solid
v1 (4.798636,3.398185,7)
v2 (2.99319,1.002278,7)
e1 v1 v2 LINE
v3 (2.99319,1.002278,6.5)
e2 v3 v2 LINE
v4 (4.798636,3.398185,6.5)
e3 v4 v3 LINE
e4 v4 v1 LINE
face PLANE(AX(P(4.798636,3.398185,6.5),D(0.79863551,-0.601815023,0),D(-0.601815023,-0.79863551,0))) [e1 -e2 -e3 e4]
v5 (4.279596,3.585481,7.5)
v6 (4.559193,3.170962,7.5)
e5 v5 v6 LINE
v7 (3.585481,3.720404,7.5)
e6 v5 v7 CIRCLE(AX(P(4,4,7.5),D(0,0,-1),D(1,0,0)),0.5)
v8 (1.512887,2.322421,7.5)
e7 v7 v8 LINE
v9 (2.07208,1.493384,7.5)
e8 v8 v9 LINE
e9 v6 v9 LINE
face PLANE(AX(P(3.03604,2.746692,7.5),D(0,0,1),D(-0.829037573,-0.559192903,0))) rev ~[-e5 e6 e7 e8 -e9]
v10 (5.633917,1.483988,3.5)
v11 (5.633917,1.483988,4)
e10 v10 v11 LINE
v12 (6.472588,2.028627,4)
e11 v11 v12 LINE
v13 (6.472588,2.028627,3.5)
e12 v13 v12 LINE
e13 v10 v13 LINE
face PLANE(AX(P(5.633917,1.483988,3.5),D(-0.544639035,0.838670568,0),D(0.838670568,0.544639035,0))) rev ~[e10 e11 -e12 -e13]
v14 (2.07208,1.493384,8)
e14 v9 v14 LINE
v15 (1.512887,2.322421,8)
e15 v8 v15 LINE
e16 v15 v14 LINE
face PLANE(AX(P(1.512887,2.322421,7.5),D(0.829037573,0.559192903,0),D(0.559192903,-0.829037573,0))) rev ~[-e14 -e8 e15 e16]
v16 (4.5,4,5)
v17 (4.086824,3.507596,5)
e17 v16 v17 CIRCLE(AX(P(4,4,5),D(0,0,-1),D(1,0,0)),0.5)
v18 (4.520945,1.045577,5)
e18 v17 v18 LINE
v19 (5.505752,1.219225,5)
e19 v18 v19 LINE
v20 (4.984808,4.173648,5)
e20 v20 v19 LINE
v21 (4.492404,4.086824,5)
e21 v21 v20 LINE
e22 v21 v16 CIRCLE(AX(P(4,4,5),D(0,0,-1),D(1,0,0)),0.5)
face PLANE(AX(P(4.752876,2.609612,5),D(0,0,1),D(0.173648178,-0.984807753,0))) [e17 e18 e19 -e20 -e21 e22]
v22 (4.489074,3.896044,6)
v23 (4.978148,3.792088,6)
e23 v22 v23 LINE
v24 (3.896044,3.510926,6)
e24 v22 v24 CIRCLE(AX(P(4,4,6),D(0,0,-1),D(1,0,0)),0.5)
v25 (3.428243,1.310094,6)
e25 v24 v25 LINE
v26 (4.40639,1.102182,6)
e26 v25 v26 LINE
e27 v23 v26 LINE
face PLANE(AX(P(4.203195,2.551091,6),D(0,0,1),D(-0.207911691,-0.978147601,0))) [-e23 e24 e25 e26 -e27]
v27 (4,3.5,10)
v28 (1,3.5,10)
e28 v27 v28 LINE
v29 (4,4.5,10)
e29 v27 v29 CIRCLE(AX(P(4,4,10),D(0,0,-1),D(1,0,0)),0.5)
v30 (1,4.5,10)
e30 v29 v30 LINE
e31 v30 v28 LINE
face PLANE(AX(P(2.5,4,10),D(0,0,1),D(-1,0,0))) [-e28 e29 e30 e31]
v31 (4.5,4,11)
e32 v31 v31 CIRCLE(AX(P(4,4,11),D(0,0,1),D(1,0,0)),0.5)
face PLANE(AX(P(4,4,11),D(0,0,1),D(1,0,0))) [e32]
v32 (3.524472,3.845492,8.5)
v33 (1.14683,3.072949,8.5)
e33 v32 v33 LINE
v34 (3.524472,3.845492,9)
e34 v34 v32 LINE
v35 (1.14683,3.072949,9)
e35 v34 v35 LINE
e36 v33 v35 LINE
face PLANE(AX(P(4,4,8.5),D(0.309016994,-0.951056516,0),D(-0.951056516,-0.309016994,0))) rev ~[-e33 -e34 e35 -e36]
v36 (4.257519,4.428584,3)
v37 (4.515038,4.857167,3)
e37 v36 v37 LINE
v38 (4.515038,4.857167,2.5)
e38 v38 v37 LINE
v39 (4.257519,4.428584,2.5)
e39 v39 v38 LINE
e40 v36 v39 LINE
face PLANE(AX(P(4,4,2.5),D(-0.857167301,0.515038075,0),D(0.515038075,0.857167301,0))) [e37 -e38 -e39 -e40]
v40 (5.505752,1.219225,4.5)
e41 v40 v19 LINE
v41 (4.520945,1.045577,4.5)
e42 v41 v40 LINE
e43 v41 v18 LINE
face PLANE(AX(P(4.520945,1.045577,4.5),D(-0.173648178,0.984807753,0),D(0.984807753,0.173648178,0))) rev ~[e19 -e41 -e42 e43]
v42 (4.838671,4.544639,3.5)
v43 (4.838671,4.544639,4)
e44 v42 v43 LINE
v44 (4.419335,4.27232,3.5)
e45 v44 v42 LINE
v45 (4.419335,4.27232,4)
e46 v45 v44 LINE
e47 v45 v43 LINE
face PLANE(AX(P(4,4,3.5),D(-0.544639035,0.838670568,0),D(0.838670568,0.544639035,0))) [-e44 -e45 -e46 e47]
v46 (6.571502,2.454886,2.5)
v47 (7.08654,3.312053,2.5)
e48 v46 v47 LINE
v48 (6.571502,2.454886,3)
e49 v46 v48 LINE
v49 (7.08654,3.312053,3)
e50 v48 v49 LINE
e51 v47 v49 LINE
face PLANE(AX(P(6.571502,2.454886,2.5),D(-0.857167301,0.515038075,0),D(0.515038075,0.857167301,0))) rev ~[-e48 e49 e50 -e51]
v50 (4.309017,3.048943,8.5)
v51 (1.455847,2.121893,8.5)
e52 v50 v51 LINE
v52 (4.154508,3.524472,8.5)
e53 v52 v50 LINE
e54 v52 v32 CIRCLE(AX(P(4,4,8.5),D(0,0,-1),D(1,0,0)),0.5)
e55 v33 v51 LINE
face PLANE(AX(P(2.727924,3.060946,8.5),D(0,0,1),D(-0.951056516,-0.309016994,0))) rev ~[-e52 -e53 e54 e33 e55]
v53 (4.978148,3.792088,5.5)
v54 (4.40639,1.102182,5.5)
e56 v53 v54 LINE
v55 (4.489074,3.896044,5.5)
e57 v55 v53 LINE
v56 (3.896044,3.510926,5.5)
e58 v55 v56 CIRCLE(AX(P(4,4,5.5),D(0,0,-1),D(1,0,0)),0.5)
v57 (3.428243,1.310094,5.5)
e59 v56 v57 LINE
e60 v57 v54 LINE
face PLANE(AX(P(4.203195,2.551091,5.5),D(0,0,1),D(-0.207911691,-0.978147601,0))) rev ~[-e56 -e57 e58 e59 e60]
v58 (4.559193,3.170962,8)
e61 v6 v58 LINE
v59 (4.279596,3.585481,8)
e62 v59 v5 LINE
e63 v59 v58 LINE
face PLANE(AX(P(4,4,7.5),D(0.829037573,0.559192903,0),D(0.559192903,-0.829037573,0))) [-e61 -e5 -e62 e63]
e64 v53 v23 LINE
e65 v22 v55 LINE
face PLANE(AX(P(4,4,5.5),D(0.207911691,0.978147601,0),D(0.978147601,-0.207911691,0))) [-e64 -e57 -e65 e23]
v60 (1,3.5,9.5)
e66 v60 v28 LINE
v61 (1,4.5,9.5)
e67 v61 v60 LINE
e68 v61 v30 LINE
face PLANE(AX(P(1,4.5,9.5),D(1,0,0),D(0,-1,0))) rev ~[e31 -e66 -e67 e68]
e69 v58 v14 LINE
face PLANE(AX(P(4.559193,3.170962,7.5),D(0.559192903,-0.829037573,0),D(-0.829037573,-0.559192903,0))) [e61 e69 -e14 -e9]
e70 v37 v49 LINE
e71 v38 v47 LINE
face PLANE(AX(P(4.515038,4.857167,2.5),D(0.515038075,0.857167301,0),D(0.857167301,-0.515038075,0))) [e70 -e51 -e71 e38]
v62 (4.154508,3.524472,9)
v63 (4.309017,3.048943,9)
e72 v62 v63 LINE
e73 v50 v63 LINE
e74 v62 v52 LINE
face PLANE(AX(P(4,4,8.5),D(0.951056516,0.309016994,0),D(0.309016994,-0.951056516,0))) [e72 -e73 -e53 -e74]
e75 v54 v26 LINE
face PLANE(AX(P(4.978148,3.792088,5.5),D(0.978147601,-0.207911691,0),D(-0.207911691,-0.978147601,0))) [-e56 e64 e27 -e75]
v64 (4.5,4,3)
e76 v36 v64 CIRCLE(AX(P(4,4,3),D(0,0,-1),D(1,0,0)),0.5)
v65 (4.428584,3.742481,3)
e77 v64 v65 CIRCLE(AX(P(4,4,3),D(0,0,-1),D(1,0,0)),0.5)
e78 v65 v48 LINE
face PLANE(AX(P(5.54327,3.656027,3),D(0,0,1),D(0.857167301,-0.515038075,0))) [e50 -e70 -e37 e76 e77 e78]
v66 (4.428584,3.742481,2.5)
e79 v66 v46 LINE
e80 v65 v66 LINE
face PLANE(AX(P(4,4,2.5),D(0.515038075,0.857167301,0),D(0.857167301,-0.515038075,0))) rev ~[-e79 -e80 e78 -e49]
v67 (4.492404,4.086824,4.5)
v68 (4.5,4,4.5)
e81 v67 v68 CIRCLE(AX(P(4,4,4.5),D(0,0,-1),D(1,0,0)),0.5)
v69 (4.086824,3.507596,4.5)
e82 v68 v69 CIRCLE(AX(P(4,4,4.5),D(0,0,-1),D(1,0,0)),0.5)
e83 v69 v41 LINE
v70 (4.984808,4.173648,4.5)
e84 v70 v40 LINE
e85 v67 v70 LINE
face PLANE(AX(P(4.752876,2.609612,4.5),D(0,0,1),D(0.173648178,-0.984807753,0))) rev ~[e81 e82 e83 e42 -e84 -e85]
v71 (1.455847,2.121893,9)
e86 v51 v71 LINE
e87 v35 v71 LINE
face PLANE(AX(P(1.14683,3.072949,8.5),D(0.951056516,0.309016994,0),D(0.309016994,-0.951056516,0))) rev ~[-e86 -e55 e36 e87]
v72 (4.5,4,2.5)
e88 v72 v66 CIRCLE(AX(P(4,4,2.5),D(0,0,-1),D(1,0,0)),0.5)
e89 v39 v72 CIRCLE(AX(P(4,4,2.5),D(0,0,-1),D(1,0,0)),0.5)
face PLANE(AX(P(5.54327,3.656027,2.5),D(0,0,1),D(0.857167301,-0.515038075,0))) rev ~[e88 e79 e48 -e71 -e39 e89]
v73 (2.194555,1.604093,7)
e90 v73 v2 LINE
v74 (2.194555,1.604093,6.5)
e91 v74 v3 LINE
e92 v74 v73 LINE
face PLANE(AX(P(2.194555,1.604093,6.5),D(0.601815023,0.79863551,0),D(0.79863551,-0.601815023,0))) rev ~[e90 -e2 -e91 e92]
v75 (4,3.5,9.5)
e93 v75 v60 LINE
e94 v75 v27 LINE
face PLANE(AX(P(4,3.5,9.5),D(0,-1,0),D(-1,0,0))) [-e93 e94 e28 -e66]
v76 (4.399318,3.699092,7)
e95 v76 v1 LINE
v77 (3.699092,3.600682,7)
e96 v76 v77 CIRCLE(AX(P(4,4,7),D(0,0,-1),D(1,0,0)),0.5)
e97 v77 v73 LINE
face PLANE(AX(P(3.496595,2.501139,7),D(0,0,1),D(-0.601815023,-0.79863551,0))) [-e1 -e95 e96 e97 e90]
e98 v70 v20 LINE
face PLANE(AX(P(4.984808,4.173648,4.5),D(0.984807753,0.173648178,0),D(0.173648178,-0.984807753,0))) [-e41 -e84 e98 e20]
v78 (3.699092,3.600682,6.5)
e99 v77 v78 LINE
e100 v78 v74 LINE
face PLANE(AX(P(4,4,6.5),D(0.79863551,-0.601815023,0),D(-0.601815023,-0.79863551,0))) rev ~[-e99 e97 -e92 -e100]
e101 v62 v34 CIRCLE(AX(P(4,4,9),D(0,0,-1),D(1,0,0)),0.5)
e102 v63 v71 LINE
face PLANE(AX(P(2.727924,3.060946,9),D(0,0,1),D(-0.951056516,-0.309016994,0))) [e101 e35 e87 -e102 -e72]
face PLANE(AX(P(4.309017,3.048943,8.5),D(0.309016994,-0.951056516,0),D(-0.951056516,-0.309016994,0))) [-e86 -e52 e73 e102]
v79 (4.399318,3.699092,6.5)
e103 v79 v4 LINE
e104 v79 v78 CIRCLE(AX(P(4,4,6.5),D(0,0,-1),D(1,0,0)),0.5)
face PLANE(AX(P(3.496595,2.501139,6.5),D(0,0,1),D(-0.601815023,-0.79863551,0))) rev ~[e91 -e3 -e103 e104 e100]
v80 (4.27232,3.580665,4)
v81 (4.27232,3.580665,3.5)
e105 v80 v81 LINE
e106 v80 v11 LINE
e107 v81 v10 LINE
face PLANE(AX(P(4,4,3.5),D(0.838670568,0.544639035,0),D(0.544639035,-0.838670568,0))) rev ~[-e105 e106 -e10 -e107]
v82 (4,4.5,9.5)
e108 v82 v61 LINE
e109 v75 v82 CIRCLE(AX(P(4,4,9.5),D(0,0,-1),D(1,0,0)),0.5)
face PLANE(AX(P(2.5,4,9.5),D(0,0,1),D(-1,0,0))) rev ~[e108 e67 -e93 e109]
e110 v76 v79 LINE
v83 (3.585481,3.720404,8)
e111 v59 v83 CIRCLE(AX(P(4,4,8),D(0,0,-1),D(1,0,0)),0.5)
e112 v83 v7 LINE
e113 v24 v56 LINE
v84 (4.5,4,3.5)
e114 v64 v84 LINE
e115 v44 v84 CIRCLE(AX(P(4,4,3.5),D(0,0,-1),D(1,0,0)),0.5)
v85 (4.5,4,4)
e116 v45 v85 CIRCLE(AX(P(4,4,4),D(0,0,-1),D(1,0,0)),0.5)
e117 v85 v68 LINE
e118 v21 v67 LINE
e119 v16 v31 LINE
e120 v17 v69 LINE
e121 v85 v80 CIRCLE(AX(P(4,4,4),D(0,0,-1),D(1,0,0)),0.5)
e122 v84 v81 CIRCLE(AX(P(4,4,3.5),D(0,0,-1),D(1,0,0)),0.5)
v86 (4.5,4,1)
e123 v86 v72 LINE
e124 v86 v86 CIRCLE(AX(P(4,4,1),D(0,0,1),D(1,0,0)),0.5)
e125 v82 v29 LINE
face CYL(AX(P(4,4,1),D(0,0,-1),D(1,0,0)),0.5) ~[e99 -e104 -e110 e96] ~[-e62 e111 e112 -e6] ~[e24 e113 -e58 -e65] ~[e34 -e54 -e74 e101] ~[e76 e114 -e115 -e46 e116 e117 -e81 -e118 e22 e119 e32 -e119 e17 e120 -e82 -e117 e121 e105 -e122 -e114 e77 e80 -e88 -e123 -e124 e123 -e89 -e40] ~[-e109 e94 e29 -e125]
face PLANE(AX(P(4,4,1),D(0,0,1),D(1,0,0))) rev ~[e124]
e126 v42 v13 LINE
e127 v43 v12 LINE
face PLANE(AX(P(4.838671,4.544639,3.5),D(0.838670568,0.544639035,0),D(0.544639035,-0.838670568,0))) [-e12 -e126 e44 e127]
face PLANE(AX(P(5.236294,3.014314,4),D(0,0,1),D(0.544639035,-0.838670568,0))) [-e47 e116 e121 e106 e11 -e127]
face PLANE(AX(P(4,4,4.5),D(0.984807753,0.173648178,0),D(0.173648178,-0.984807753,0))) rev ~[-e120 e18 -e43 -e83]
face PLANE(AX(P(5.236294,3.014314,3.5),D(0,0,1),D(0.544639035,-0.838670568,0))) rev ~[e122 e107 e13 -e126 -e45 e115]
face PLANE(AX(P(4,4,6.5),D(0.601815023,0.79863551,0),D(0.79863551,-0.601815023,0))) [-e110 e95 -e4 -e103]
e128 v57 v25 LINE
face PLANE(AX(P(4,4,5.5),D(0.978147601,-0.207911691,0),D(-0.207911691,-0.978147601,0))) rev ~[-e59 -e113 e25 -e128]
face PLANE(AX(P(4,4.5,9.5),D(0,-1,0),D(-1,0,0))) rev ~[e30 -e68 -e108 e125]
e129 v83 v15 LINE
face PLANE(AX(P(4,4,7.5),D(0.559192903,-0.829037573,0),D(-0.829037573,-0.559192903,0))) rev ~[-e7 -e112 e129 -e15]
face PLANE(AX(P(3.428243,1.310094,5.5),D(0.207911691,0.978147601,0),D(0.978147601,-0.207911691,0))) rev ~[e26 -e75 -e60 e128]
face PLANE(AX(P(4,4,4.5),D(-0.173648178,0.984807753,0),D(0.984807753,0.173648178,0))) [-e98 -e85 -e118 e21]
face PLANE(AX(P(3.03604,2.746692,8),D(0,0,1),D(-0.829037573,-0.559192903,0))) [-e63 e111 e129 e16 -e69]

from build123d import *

# Parameters (mm, degrees)
BOX103_W               = 3
BOX103_H               = 1
BOX103_DEPTH           = 0.5
BOX103_PLACEMENT_ANGLE = 31
BOX104_W               = 3
BOX104_H               = 1
BOX104_DEPTH           = 0.5
BOX104_PLACEMENT_ANGLE = 57
BOX105_W               = 3
BOX105_H               = 1
BOX105_DEPTH           = 0.5
BOX105_PLACEMENT_ANGLE = 80
BOX106_W               = 2.75
BOX106_H               = 1
BOX106_DEPTH           = 0.5
BOX106_PLACEMENT_ANGLE = 102
BOX107_W               = 3
BOX107_H               = 1
BOX107_DEPTH           = 0.5
BOX107_PLACEMENT_ANGLE = 233
BOX108_W               = 3
BOX108_H               = 1
BOX108_DEPTH           = 0.5
BOX108_PLACEMENT_ANGLE = 214
BOX109_W               = 3
BOX109_H               = 1
BOX109_DEPTH           = 0.5
BOX109_PLACEMENT_ANGLE = 198
BOX110_W               = 3
BOX110_H               = 1
BOX110_DEPTH           = 0.5
CYLINDER005_R          = 0.5
CYLINDER005_DEPTH      = 10


with BuildPart() as box103:
    # Box103 → Box103 (new body)
    with BuildSketch(Plane.XY):
        with Locations((1.5, 0.5)):
            Rectangle(BOX103_W, BOX103_H)
    extrude(amount=BOX103_DEPTH)


with BuildPart() as box103_1:
    # Box103 placement: moved
    add(box103.part.moved(Location((4, 4, 2.5))).rotate(Axis((4, 4, 2.5), (0, 0, -1)), BOX103_PLACEMENT_ANGLE))


with BuildPart() as box104:
    # Box104 → Box104 (new body)
    with BuildSketch(Plane.XY):
        with Locations((1.5, 0.5)):
            Rectangle(BOX104_W, BOX104_H)
    extrude(amount=BOX104_DEPTH)


with BuildPart() as box104_1:
    # Box104 placement: moved
    add(box104.part.moved(Location((4, 4, 3.5))).rotate(Axis((4, 4, 3.5), (0, 0, -1)), BOX104_PLACEMENT_ANGLE))


with BuildPart() as box105:
    # Box105 → Box105 (new body)
    with BuildSketch(Plane.XY):
        with Locations((1.5, 0.5)):
            Rectangle(BOX105_W, BOX105_H)
    extrude(amount=BOX105_DEPTH)


with BuildPart() as box105_1:
    # Box105 placement: moved
    add(box105.part.moved(Location((4, 4, 4.5))).rotate(Axis((4, 4, 4.5), (0, 0, -1)), BOX105_PLACEMENT_ANGLE))


with BuildPart() as box106:
    # Box106 → Box106 (new body)
    with BuildSketch(Plane.XY):
        with Locations((1.375, 0.5)):
            Rectangle(BOX106_W, BOX106_H)
    extrude(amount=BOX106_DEPTH)


with BuildPart() as box106_1:
    # Box106 placement: moved
    add(box106.part.moved(Location((4, 4, 5.5))).rotate(Axis((4, 4, 5.5), (0, 0, -1)), BOX106_PLACEMENT_ANGLE))


with BuildPart() as box107:
    # Box107 → Box107 (new body)
    with BuildSketch(Plane.XY):
        with Locations((1.5, 0.5)):
            Rectangle(BOX107_W, BOX107_H)
    extrude(amount=BOX107_DEPTH)


with BuildPart() as box107_1:
    # Box107 placement: moved
    add(box107.part.moved(Location((4, 4, 6.5))).rotate(Axis((4, 4, 6.5), (0, 0, 1)), BOX107_PLACEMENT_ANGLE))


with BuildPart() as box108:
    # Box108 → Box108 (new body)
    with BuildSketch(Plane.XY):
        with Locations((1.5, 0.5)):
            Rectangle(BOX108_W, BOX108_H)
    extrude(amount=BOX108_DEPTH)


with BuildPart() as box108_1:
    # Box108 placement: moved
    add(box108.part.moved(Location((4, 4, 7.5))).rotate(Axis((4, 4, 7.5), (0, 0, 1)), BOX108_PLACEMENT_ANGLE))


with BuildPart() as box109:
    # Box109 → Box109 (new body)
    with BuildSketch(Plane.XY):
        with Locations((1.5, 0.5)):
            Rectangle(BOX109_W, BOX109_H)
    extrude(amount=BOX109_DEPTH)


with BuildPart() as box109_1:
    # Box109 placement: moved
    add(box109.part.moved(Location((4, 4, 8.5))).rotate(Axis((4, 4, 8.5), (0, 0, 1)), BOX109_PLACEMENT_ANGLE))


with BuildPart() as box110:
    # Box110 → Box110 (new body)
    with BuildSketch(Plane(origin=(4, 4.5, 9.5), x_dir=(-1, 0, 0), z_dir=(0, 0, 1))):
        with Locations((1.5, 0.5)):
            Rectangle(BOX110_W, BOX110_H)
    extrude(amount=BOX110_DEPTH)


with BuildPart() as fusion051:
    # Cylinder005 → Cylinder005 (new body)
    with BuildSketch(Plane(origin=(4, 4, 1), x_dir=(1, 0, 0), z_dir=(0, 0, 1))):
        Circle(CYLINDER005_R)
    extrude(amount=CYLINDER005_DEPTH)

    # Fusion044: union Box110
    add(box110.part)

    # Fusion045: union Box109
    add(box109_1.part)

    # Fusion046: union Box108
    add(box108_1.part)

    # Fusion047: union Box107
    add(box107_1.part)

    # Fusion048: union Box106
    add(box106_1.part)

    # Fusion049: union Box105
    add(box105_1.part)

    # Fusion050: union Box104
    add(box104_1.part)

    # Fusion051: union Box103
    add(box103_1.part)


solid = fusion051.part
